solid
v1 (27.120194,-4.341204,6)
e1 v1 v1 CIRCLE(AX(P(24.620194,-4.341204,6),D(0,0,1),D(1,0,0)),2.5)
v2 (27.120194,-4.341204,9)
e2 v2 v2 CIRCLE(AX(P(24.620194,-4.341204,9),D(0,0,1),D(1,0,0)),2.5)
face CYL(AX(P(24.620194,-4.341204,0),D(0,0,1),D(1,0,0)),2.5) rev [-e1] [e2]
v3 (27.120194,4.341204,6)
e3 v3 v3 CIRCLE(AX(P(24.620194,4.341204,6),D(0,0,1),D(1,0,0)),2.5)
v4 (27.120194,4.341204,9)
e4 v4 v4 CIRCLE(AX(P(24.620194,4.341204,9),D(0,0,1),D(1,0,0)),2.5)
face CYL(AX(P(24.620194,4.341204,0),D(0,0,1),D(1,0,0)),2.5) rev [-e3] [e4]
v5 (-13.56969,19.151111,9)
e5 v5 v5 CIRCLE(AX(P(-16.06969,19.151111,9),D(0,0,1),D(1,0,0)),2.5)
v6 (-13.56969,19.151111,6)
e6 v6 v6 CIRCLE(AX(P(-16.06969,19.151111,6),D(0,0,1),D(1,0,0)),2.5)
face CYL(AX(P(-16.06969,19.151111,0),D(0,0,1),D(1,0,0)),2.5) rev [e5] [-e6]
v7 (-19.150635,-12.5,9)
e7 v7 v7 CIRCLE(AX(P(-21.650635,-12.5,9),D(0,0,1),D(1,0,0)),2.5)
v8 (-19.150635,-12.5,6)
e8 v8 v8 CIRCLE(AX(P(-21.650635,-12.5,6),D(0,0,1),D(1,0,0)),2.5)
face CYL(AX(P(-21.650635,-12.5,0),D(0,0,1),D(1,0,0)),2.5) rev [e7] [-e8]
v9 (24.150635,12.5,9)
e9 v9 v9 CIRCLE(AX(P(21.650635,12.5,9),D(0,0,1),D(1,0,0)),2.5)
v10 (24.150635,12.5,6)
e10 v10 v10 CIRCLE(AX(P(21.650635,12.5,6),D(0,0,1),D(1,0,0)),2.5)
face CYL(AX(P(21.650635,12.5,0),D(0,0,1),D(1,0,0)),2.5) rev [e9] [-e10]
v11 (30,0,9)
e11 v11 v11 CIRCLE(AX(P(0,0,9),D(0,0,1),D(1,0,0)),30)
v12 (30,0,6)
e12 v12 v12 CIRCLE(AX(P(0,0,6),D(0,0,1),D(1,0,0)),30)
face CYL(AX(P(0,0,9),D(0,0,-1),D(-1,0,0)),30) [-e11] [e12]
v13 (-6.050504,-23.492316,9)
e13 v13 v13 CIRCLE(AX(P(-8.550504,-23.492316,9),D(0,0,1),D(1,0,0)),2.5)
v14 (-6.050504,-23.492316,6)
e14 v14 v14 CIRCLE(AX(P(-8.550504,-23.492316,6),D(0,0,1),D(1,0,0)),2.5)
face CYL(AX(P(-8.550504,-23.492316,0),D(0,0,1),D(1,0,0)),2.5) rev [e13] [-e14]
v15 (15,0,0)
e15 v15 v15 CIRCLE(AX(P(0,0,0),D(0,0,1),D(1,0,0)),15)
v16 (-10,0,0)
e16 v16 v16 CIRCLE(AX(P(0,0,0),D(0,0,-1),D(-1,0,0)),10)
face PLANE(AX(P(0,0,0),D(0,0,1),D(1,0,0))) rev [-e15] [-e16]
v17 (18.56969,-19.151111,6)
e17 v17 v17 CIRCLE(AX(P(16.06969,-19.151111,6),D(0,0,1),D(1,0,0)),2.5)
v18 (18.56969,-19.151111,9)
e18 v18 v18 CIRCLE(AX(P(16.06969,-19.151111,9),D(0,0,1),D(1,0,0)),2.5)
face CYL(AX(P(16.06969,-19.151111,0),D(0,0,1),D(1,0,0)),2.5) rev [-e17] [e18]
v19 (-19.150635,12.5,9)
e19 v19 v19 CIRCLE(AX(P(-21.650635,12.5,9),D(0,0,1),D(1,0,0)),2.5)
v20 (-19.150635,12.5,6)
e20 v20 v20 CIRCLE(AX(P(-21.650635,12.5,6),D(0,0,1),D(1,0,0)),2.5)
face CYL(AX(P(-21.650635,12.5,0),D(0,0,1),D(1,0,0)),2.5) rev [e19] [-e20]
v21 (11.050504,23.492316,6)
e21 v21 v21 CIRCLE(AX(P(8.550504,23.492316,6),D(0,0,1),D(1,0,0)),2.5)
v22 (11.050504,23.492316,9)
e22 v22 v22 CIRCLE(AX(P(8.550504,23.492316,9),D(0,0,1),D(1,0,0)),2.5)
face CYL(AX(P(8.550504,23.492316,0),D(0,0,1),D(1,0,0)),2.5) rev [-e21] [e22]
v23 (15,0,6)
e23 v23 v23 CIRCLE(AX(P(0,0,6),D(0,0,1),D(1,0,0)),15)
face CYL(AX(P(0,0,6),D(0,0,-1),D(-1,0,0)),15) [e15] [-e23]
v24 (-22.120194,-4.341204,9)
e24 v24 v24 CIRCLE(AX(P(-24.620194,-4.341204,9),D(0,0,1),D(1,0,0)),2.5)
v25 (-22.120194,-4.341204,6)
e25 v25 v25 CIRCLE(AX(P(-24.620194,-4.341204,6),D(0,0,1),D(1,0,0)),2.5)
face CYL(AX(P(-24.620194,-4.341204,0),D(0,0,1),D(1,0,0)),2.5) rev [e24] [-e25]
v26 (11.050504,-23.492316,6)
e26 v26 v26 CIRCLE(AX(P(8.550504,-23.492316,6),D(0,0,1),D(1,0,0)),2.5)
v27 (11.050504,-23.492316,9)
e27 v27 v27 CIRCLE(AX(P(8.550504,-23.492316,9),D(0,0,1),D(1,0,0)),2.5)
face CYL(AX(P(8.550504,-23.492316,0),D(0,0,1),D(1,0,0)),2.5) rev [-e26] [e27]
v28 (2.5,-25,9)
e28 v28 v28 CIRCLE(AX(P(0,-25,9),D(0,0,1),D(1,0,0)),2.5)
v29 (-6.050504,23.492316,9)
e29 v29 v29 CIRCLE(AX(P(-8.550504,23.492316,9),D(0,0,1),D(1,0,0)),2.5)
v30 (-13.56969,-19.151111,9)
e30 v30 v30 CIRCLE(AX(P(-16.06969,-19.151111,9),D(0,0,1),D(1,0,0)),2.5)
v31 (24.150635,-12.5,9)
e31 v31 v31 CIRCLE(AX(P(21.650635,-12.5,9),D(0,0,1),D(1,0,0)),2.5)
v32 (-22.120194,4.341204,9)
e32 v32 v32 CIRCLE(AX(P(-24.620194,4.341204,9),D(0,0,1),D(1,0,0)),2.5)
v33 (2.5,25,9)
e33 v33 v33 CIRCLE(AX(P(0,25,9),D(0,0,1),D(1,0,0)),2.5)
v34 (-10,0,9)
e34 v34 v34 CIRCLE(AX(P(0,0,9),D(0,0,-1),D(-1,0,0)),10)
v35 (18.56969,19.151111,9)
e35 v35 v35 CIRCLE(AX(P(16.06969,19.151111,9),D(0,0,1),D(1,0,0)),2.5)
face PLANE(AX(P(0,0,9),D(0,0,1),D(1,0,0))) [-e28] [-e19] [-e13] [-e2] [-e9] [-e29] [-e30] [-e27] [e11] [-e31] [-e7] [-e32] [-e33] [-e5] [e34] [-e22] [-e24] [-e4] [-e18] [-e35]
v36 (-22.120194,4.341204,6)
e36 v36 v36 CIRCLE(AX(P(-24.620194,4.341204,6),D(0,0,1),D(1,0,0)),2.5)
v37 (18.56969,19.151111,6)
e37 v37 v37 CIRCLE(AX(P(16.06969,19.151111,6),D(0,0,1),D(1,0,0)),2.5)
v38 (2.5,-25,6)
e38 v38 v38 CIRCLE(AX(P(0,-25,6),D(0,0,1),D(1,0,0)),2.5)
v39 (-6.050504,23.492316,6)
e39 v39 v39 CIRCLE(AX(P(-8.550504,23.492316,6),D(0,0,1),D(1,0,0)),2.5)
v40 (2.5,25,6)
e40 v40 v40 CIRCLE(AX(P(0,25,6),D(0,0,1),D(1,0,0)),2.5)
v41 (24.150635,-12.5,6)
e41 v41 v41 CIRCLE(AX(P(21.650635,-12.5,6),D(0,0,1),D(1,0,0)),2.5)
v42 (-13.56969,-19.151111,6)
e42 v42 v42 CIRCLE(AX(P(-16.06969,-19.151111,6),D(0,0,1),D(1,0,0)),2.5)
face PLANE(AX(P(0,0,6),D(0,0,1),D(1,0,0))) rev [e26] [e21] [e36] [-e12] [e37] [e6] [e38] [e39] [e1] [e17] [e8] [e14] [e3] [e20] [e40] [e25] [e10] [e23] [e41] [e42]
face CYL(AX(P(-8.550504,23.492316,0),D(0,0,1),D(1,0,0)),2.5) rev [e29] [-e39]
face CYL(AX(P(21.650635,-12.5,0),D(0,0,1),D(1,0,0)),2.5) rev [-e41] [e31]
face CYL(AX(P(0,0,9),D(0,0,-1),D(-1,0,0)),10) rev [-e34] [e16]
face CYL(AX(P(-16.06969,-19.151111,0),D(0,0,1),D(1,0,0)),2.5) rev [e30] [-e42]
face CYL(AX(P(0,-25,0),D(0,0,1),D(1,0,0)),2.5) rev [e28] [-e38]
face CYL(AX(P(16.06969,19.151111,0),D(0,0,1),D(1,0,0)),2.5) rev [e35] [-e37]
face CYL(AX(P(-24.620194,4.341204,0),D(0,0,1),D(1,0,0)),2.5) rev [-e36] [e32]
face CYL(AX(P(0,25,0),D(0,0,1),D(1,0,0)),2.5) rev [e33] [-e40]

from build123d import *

# Parameters (mm, degrees)
SKETCH1_R           = 15
BOSS_EXTRUDE1_DEPTH = 6
SKETCH2_R           = 30
BOSS_EXTRUDE2_DEPTH = 3
SKETCH5_R           = 10
CUT_EXTRUDE2_DEPTH  = 44.370496884
SKETCH8_R           = 2.5
CUT_EXTRUDE3_DEPTH  = 44.370496884


with BuildPart() as part:
    # Sketch1 → Boss-Extrude1 (new body)
    with BuildSketch(Plane.XY):
        Circle(SKETCH1_R)
    extrude(amount=BOSS_EXTRUDE1_DEPTH)

    # Sketch2 → Boss-Extrude2 (add)
    with BuildSketch(Plane.XY.offset(6)):
        Circle(SKETCH2_R)
    extrude(amount=BOSS_EXTRUDE2_DEPTH)

    # Sketch5 → Cut-Extrude2 (cut, through all)
    with BuildSketch(Plane(origin=(0, 0, 0), x_dir=(-1, 0, 0), z_dir=(0, 0, -1))):
        Circle(SKETCH5_R)
    extrude(amount=-CUT_EXTRUDE2_DEPTH, mode=Mode.SUBTRACT)

    # Sketch8 → Cut-Extrude3 (cut, through all)
    with BuildSketch(Plane.XY.offset(9)):
        with Locations((0, 25)):
            Circle(SKETCH8_R)
        with Locations((8.550503583, 23.49231552)):
            Circle(SKETCH8_R)
        with Locations((16.069690242, 19.151111078)):
            Circle(SKETCH8_R)
        with Locations((21.650635095, 12.5)):
            Circle(SKETCH8_R)
        with Locations((24.620193825, 4.341204442)):
            Circle(SKETCH8_R)
        with Locations((24.620193825, -4.341204442)):
            Circle(SKETCH8_R)
        with Locations((21.650635095, -12.5)):
            Circle(SKETCH8_R)
        with Locations((16.069690242, -19.151111078)):
            Circle(SKETCH8_R)
        with Locations((8.550503583, -23.49231552)):
            Circle(SKETCH8_R)
        with Locations((0, -25)):
            Circle(SKETCH8_R)
        with Locations((-8.550503583, -23.49231552)):
            Circle(SKETCH8_R)
        with Locations((-16.069690242, -19.151111078)):
            Circle(SKETCH8_R)
        with Locations((-21.650635095, -12.5)):
            Circle(SKETCH8_R)
        with Locations((-24.620193825, -4.341204442)):
            Circle(SKETCH8_R)
        with Locations((-24.620193825, 4.341204442)):
            Circle(SKETCH8_R)
        with Locations((-21.650635095, 12.5)):
            Circle(SKETCH8_R)
        with Locations((-16.069690242, 19.151111078)):
            Circle(SKETCH8_R)
        with Locations((-8.550503583, 23.49231552)):
            Circle(SKETCH8_R)
    extrude(amount=-CUT_EXTRUDE3_DEPTH, mode=Mode.SUBTRACT)


solid = part.part
